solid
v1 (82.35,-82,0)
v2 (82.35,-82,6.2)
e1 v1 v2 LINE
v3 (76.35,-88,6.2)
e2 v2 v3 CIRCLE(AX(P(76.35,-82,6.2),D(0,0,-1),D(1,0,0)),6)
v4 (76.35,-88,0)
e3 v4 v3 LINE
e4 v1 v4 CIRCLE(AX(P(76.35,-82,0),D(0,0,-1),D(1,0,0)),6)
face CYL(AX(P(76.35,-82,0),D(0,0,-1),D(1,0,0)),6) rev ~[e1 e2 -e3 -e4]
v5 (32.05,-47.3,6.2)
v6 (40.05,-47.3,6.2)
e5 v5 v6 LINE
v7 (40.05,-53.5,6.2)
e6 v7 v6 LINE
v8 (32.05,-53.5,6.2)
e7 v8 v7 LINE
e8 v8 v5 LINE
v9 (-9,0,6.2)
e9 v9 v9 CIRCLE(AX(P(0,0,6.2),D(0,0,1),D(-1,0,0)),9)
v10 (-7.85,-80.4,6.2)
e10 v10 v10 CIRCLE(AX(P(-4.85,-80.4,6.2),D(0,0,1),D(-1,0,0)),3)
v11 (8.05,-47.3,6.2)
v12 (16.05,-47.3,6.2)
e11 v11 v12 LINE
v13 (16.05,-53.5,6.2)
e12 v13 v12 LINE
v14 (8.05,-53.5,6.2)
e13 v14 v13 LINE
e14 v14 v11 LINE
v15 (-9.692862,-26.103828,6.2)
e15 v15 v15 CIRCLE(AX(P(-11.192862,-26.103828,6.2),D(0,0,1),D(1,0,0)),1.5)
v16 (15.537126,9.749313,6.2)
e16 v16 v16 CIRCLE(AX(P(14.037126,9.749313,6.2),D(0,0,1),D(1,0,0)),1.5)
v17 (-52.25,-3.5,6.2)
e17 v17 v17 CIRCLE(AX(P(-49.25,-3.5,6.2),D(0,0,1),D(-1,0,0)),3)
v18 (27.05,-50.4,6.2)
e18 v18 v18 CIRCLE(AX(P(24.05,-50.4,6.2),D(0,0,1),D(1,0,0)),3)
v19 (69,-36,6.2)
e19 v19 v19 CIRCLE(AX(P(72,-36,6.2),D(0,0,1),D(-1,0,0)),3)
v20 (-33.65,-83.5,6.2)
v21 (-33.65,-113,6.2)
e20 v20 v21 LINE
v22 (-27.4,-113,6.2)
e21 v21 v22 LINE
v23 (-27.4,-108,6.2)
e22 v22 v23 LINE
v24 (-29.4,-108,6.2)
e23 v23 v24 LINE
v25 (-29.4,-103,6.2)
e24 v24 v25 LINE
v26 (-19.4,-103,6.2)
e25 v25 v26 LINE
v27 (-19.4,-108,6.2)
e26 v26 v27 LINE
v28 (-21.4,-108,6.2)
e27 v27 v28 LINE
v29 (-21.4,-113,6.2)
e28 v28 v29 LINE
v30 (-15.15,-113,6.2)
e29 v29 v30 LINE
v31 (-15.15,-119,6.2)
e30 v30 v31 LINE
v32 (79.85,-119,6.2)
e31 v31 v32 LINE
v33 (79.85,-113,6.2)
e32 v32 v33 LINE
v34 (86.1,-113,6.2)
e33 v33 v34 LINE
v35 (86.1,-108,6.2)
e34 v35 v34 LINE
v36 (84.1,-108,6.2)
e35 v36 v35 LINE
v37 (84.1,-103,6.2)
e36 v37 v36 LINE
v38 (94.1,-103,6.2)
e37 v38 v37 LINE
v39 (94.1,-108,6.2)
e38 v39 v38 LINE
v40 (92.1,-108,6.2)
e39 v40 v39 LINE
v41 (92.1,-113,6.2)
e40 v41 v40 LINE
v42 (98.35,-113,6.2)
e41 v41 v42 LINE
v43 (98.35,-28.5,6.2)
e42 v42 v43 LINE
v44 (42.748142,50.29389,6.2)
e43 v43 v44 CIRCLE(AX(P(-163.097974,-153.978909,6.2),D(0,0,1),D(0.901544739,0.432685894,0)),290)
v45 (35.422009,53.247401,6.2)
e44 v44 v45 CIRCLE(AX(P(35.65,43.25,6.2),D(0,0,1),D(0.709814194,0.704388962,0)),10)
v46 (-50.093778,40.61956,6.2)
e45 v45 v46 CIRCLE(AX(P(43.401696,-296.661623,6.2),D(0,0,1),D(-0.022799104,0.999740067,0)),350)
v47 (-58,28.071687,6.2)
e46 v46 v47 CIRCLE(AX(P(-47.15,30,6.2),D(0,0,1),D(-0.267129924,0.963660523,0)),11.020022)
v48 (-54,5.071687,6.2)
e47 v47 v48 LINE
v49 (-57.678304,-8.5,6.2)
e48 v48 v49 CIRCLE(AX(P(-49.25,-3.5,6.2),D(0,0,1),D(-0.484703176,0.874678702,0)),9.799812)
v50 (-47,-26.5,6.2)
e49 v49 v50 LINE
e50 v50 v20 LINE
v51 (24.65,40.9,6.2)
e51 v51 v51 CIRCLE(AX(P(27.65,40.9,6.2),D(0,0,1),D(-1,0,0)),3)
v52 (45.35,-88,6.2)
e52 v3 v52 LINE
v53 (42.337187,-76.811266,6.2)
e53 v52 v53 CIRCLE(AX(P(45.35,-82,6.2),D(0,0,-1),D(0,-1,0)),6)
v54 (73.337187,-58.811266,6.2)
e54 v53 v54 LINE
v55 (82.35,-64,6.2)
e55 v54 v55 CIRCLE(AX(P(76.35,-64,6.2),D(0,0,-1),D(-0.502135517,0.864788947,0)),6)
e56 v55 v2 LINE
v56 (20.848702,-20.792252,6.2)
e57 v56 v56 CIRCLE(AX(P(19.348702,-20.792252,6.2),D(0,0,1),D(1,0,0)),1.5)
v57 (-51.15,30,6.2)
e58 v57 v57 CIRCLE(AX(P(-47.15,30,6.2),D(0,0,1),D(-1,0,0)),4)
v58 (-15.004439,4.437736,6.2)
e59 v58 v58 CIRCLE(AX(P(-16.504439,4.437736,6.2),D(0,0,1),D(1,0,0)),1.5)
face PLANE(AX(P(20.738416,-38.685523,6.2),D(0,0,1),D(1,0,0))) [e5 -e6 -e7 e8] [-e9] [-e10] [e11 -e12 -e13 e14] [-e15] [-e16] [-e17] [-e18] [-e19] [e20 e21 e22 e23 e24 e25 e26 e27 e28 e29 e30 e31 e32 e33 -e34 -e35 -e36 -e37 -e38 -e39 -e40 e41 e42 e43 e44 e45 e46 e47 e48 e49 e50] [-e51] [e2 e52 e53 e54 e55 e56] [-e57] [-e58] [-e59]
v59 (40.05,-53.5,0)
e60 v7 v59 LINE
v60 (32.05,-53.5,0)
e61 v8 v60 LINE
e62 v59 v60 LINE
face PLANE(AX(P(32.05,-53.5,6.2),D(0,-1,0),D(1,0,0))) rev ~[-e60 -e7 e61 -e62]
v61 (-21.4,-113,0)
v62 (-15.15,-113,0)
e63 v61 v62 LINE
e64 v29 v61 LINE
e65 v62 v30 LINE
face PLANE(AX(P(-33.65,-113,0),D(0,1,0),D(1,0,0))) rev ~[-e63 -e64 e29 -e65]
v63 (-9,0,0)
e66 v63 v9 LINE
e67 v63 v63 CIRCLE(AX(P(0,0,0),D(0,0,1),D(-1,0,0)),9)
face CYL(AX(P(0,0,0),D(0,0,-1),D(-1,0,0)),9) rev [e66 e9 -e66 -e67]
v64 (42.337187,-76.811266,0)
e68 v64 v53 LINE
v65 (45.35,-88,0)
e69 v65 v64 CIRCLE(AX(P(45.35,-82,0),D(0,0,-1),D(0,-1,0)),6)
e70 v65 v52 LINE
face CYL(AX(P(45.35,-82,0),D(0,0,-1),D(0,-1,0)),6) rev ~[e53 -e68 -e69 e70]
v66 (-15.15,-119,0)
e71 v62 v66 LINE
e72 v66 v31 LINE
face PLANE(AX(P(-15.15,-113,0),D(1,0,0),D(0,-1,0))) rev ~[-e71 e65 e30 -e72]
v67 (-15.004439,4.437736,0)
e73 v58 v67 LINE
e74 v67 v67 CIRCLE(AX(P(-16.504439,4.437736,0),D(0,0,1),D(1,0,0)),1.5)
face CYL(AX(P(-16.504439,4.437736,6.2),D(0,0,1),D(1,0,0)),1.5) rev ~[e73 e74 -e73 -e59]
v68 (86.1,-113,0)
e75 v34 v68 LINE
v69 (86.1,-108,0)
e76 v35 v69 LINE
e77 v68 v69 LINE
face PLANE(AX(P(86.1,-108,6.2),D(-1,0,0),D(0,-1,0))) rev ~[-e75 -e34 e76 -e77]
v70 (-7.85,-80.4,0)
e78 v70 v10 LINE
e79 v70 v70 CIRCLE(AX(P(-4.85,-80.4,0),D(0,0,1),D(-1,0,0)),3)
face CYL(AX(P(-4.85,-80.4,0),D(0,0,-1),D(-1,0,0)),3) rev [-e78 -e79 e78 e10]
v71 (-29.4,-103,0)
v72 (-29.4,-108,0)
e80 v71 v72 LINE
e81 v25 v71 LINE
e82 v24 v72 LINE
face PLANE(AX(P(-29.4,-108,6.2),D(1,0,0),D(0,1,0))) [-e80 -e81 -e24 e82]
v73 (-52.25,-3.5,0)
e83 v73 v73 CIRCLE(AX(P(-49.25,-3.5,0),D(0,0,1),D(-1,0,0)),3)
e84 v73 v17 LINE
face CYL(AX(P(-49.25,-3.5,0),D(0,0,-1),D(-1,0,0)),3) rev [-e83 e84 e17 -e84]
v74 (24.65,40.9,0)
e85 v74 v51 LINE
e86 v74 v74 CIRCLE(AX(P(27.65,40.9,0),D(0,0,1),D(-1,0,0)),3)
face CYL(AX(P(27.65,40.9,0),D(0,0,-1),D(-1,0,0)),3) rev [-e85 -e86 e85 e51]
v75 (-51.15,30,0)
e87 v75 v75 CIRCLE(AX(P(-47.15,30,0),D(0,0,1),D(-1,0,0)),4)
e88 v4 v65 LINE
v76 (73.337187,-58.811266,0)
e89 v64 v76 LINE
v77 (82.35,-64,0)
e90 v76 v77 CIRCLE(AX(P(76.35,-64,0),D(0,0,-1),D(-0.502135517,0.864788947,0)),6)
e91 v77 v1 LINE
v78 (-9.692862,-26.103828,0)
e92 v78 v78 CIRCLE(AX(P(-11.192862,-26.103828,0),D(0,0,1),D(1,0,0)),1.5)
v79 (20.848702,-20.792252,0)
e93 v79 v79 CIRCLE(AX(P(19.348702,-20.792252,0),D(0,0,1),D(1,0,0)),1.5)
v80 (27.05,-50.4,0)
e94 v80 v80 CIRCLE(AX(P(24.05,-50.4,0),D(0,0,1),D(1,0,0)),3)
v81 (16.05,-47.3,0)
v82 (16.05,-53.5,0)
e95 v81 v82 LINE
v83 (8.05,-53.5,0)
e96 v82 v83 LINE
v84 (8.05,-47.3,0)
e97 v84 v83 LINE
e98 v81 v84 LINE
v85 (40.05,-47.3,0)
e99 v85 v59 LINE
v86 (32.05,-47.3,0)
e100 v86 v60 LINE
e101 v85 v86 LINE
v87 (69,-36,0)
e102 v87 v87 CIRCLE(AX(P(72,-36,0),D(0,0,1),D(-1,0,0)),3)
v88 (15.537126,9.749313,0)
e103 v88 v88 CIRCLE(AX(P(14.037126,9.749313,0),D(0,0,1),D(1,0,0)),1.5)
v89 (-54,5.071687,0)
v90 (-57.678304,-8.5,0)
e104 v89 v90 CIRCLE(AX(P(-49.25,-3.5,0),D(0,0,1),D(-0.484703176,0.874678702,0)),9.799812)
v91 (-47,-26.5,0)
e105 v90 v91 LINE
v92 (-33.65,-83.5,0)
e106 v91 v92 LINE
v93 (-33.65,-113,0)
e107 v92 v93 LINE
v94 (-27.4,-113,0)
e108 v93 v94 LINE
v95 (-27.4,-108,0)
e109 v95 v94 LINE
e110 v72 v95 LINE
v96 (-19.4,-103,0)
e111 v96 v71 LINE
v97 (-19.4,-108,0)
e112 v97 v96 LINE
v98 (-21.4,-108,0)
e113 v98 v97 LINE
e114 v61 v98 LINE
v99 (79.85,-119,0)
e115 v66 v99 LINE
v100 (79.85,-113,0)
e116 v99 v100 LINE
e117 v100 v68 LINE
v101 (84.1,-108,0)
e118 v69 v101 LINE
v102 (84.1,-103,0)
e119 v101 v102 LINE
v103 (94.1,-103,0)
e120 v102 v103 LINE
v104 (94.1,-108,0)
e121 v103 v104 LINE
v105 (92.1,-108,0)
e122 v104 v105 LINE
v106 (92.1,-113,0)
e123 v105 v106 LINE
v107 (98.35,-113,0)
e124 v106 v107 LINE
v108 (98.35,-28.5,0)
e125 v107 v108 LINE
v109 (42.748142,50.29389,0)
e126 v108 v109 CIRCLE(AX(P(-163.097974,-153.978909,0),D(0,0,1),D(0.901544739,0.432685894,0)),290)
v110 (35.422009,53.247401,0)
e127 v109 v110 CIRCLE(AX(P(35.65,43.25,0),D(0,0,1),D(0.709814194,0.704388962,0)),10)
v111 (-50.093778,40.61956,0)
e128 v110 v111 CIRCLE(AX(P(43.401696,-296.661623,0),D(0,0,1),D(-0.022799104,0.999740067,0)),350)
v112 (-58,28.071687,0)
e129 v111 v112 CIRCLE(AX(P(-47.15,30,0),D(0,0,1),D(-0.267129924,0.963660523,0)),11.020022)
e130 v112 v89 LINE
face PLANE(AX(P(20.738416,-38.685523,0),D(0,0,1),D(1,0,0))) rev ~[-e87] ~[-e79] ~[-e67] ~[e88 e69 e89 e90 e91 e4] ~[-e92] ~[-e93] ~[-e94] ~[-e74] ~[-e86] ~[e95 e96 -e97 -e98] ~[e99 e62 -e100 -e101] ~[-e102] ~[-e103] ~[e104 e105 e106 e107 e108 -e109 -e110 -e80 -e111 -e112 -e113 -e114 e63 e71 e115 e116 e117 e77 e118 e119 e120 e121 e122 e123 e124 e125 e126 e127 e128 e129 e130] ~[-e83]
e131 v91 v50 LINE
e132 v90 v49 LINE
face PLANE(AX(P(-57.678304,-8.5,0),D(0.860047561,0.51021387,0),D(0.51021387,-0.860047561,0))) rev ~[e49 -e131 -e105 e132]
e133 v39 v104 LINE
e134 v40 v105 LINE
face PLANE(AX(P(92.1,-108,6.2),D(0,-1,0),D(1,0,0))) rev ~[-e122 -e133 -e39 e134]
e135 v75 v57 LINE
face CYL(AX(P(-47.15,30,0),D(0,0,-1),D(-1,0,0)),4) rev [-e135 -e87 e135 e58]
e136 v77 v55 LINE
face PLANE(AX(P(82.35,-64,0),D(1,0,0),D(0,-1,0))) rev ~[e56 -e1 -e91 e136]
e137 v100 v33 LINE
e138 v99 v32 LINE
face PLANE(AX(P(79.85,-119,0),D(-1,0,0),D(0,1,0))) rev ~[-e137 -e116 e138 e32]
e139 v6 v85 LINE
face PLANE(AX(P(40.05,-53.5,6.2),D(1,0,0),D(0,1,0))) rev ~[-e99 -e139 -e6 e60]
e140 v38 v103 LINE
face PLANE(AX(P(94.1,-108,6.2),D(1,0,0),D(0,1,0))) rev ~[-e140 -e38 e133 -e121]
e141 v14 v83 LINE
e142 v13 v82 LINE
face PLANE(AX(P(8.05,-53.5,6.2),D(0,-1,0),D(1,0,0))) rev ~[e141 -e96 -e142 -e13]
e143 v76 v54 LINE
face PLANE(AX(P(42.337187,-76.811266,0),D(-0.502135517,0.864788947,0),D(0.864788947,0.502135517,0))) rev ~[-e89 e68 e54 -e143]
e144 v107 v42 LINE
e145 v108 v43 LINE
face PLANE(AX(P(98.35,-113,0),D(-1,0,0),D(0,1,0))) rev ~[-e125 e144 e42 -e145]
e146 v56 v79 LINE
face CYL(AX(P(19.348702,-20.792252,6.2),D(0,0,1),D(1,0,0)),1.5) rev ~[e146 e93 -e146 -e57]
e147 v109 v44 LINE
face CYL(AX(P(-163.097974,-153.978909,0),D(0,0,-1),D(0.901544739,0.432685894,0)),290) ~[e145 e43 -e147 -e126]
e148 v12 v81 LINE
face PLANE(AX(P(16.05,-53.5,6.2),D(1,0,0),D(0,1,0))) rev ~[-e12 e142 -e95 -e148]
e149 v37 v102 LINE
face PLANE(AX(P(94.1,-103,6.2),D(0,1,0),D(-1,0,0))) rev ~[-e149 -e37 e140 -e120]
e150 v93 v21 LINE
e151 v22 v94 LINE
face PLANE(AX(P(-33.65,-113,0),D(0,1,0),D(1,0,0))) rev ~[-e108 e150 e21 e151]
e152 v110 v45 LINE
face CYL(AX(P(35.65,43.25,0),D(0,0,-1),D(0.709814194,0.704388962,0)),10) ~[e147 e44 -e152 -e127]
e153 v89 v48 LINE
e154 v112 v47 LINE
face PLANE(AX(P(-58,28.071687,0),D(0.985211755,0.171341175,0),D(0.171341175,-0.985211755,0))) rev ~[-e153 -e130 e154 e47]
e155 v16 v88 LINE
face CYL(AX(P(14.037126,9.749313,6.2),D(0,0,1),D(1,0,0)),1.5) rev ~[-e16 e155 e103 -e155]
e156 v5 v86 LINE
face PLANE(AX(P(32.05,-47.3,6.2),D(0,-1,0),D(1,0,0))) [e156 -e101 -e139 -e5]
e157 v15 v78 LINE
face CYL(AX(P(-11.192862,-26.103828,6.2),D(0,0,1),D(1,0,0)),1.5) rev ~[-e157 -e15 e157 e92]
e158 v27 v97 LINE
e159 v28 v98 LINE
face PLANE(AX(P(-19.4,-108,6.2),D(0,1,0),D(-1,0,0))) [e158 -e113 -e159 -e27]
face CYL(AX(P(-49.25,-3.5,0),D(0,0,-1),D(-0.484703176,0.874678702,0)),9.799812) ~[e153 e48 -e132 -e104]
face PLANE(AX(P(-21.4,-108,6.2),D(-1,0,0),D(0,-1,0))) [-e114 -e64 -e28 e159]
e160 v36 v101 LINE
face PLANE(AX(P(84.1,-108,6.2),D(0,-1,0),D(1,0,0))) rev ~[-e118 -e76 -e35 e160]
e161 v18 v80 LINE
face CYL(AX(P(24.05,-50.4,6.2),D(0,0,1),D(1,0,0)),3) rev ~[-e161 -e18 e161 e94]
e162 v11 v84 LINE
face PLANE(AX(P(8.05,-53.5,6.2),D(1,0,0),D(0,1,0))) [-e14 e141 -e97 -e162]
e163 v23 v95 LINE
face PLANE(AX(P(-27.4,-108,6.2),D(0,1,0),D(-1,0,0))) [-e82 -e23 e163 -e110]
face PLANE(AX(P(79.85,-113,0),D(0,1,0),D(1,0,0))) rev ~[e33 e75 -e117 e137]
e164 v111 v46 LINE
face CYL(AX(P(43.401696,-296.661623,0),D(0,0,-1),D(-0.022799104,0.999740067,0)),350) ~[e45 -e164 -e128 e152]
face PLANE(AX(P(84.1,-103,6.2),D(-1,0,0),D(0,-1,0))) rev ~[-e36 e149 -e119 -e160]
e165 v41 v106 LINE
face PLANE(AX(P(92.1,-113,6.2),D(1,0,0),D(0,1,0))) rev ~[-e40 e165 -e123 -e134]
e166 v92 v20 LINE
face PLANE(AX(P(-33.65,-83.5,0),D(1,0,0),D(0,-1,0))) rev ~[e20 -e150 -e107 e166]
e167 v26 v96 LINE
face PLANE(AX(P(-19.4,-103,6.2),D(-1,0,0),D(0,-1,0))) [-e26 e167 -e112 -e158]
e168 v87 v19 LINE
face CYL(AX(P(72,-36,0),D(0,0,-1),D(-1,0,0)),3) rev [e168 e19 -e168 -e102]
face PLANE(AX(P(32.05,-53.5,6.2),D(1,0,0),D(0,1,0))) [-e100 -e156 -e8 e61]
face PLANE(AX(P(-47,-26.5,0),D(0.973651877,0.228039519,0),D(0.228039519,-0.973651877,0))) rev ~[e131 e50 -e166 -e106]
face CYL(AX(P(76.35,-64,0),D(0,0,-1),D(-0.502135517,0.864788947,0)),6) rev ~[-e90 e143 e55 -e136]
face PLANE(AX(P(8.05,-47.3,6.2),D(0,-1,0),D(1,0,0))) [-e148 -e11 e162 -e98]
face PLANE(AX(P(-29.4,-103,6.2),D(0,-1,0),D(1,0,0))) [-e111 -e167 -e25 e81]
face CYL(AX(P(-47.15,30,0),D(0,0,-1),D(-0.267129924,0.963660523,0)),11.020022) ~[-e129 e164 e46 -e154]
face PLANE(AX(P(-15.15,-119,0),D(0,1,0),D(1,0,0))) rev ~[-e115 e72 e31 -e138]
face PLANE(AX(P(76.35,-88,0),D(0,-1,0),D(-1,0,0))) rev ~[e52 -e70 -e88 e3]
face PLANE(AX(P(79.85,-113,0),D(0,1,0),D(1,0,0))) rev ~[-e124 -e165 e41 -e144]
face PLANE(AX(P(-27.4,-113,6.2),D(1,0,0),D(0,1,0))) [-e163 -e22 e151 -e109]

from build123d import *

# Parameters (mm, degrees)
SKETCH1_R           = 4
SKETCH1_R_2         = 3
SKETCH1_R_3         = 9
BOSS_EXTRUDE1_DEPTH = 6.2
CUT_EXTRUDE1_REACH  = 156.506
SKETCH2_R           = 1.5
CUT_EXTRUDE2_REACH  = 156.506
CUT_EXTRUDE3_REACH  = 156.506
SKETCH5_R           = 3
SKETCH5_W           = 8
SKETCH5_H           = 6.2


with BuildPart() as part:
    # Sketch1 → Boss-Extrude1 (new body)
    with BuildSketch(Plane.XY):
        with BuildLine():
            Line((-57.678304402, -8.5), (-47, -26.5))
            Line((-47, -26.5), (-33.65, -83.5))
            Line((-33.65, -83.5), (-33.65, -113))
            Line((-33.65, -113), (-15.15, -113))
            Line((-15.15, -113), (-15.15, -119))
            Line((-15.15, -119), (79.85, -119))
            Line((79.85, -119), (79.85, -113))
            Line((79.85, -113), (98.35, -113))
            Line((98.35, -113), (98.35, -28.5))
            ThreePointArc((98.35, -28.5), (73.847295802, 13.224376921), (42.748141943, 50.293889619))
            ThreePointArc((42.748141943, 50.293889619), (39.389057397, 52.524667098), (35.422008956, 53.247400666))
            ThreePointArc((35.422008956, 53.247400666), (-7.727235636, 49.583712908), (-50.093777716, 40.619560464))
            ThreePointArc((-50.093777716, 40.619560464), (-56.473591535, 35.874651698), (-58, 28.071686829))
            Line((-58, 28.071686829), (-54, 5.071686829))
            ThreePointArc((-54, 5.071686829), (-58.708572703, -0.936463864), (-57.678304402, -8.5))
        make_face()
        with Locations(Location((-47.15, 30, 0), (0, 0, 180))):
            Circle(SKETCH1_R, mode=Mode.SUBTRACT)
        with Locations(Location((27.65, 40.9, 0), (0, 0, 180))):
            Circle(SKETCH1_R_2, mode=Mode.SUBTRACT)
        with Locations(Location((-4.85, -80.4, 0), (0, 0, 180))):
            Circle(SKETCH1_R_2, mode=Mode.SUBTRACT)
        with Locations(Location((-49.25, -3.5, 0), (0, 0, 180))):
            Circle(SKETCH1_R_2, mode=Mode.SUBTRACT)
        with Locations(Location((72, -36, 0), (0, 0, 180))):
            Circle(SKETCH1_R_2, mode=Mode.SUBTRACT)
        with Locations(Location((0, 0, 0), (0, 0, 180))):
            Circle(SKETCH1_R_3, mode=Mode.SUBTRACT)
        with BuildLine():
            Line((82.35, -64), (82.35, -82))
            ThreePointArc((82.35, -82), (80.592640687, -86.242640687), (76.35, -88))
            Line((76.35, -88), (45.35, -88))
            ThreePointArc((45.35, -88), (39.556365472, -83.560063768), (42.337186896, -76.81126632))
            Line((42.337186896, -76.81126632), (73.337186896, -58.81126632))
            ThreePointArc((73.337186896, -58.81126632), (79.343586593, -58.800150068), (82.35, -64))
        make_face(mode=Mode.SUBTRACT)
    extrude(amount=BOSS_EXTRUDE1_DEPTH)

    # Sketch2 → Cut-Extrude1 (cut, up to next)
    with BuildSketch(Plane.XY.offset(6.2), mode=Mode.PRIVATE) as cut_extrude1_sk1:
        with Locations((19.348702159, -20.792251556)):
            Circle(SKETCH2_R)
    cut_extrude1_tool1 = extrude(cut_extrude1_sk1.sketch, amount=-CUT_EXTRUDE1_REACH, mode=Mode.PRIVATE) & part.part
    # Sketch2 → Cut-Extrude1 (cut, up to next)
    with BuildSketch(Plane.XY.offset(6.2), mode=Mode.PRIVATE) as cut_extrude1_sk2:
        with Locations((-11.192862241, -26.103827973)):
            Circle(SKETCH2_R)
    cut_extrude1_tool2 = extrude(cut_extrude1_sk2.sketch, amount=-CUT_EXTRUDE1_REACH, mode=Mode.PRIVATE) & part.part
    # Sketch2 → Cut-Extrude1 (cut, up to next)
    with BuildSketch(Plane.XY.offset(6.2), mode=Mode.PRIVATE) as cut_extrude1_sk3:
        with Locations((-16.504438658, 4.437736426)):
            Circle(SKETCH2_R)
    cut_extrude1_tool3 = extrude(cut_extrude1_sk3.sketch, amount=-CUT_EXTRUDE1_REACH, mode=Mode.PRIVATE) & part.part
    # Sketch2 → Cut-Extrude1 (cut, up to next)
    with BuildSketch(Plane.XY.offset(6.2), mode=Mode.PRIVATE) as cut_extrude1_sk4:
        with Locations((14.037125741, 9.749312843)):
            Circle(SKETCH2_R)
    cut_extrude1_tool4 = extrude(cut_extrude1_sk4.sketch, amount=-CUT_EXTRUDE1_REACH, mode=Mode.PRIVATE) & part.part
    add(cut_extrude1_tool1.solids().sort_by_distance((19.348702, -20.792252, 6.2))[0], mode=Mode.SUBTRACT)
    add(cut_extrude1_tool2.solids().sort_by_distance((-11.192862, -26.103828, 6.2))[0], mode=Mode.SUBTRACT)
    add(cut_extrude1_tool3.solids().sort_by_distance((-16.504439, 4.437736, 6.2))[0], mode=Mode.SUBTRACT)
    add(cut_extrude1_tool4.solids().sort_by_distance((14.037126, 9.749313, 6.2))[0], mode=Mode.SUBTRACT)

    # Sketch3 → Cut-Extrude2 (cut, up to next)
    with BuildSketch(Plane.XY.offset(6.2), mode=Mode.PRIVATE) as cut_extrude2_sk1:
        Polygon((-29.4, -103), (-19.4, -103), (-19.4, -108), (-21.4, -108), (-21.4, -113), (-27.4, -113), (-27.4, -108), (-29.4, -108), align=None)
    cut_extrude2_tool1 = extrude(cut_extrude2_sk1.sketch, amount=-CUT_EXTRUDE2_REACH, mode=Mode.PRIVATE) & part.part
    # Sketch3 → Cut-Extrude2 (cut, up to next)
    with BuildSketch(Plane.XY.offset(6.2), mode=Mode.PRIVATE) as cut_extrude2_sk2:
        Polygon((86.1, -108), (86.1, -113), (92.1, -113), (92.1, -108), (94.1, -108), (94.1, -103), (84.1, -103), (84.1, -108), align=None)
    cut_extrude2_tool2 = extrude(cut_extrude2_sk2.sketch, amount=-CUT_EXTRUDE2_REACH, mode=Mode.PRIVATE) & part.part
    add(cut_extrude2_tool1.solids().sort_by_distance((-24.4, -107.375, 6.2))[0], mode=Mode.SUBTRACT)
    add(cut_extrude2_tool2.solids().sort_by_distance((89.1, -107.375, 6.2))[0], mode=Mode.SUBTRACT)

    # Sketch5 → Cut-Extrude3 (cut, up to next)
    with BuildSketch(Plane.XY.offset(6.2), mode=Mode.PRIVATE) as cut_extrude3_sk1:
        with Locations((24.05, -50.4)):
            Circle(SKETCH5_R)
    cut_extrude3_tool1 = extrude(cut_extrude3_sk1.sketch, amount=-CUT_EXTRUDE3_REACH, mode=Mode.PRIVATE) & part.part
    # Sketch5 → Cut-Extrude3 (cut, up to next)
    with BuildSketch(Plane.XY.offset(6.2), mode=Mode.PRIVATE) as cut_extrude3_sk2:
        with Locations((36.05, -50.4)):
            Rectangle(SKETCH5_W, SKETCH5_H)
    cut_extrude3_tool2 = extrude(cut_extrude3_sk2.sketch, amount=-CUT_EXTRUDE3_REACH, mode=Mode.PRIVATE) & part.part
    # Sketch5 → Cut-Extrude3 (cut, up to next)
    with BuildSketch(Plane.XY.offset(6.2), mode=Mode.PRIVATE) as cut_extrude3_sk3:
        with Locations((12.05, -50.4)):
            Rectangle(SKETCH5_W, SKETCH5_H)
    cut_extrude3_tool3 = extrude(cut_extrude3_sk3.sketch, amount=-CUT_EXTRUDE3_REACH, mode=Mode.PRIVATE) & part.part
    add(cut_extrude3_tool1.solids().sort_by_distance((24.05, -50.4, 6.2))[0], mode=Mode.SUBTRACT)
    add(cut_extrude3_tool2.solids().sort_by_distance((36.05, -50.4, 6.2))[0], mode=Mode.SUBTRACT)
    add(cut_extrude3_tool3.solids().sort_by_distance((12.05, -50.4, 6.2))[0], mode=Mode.SUBTRACT)


solid = part.part
